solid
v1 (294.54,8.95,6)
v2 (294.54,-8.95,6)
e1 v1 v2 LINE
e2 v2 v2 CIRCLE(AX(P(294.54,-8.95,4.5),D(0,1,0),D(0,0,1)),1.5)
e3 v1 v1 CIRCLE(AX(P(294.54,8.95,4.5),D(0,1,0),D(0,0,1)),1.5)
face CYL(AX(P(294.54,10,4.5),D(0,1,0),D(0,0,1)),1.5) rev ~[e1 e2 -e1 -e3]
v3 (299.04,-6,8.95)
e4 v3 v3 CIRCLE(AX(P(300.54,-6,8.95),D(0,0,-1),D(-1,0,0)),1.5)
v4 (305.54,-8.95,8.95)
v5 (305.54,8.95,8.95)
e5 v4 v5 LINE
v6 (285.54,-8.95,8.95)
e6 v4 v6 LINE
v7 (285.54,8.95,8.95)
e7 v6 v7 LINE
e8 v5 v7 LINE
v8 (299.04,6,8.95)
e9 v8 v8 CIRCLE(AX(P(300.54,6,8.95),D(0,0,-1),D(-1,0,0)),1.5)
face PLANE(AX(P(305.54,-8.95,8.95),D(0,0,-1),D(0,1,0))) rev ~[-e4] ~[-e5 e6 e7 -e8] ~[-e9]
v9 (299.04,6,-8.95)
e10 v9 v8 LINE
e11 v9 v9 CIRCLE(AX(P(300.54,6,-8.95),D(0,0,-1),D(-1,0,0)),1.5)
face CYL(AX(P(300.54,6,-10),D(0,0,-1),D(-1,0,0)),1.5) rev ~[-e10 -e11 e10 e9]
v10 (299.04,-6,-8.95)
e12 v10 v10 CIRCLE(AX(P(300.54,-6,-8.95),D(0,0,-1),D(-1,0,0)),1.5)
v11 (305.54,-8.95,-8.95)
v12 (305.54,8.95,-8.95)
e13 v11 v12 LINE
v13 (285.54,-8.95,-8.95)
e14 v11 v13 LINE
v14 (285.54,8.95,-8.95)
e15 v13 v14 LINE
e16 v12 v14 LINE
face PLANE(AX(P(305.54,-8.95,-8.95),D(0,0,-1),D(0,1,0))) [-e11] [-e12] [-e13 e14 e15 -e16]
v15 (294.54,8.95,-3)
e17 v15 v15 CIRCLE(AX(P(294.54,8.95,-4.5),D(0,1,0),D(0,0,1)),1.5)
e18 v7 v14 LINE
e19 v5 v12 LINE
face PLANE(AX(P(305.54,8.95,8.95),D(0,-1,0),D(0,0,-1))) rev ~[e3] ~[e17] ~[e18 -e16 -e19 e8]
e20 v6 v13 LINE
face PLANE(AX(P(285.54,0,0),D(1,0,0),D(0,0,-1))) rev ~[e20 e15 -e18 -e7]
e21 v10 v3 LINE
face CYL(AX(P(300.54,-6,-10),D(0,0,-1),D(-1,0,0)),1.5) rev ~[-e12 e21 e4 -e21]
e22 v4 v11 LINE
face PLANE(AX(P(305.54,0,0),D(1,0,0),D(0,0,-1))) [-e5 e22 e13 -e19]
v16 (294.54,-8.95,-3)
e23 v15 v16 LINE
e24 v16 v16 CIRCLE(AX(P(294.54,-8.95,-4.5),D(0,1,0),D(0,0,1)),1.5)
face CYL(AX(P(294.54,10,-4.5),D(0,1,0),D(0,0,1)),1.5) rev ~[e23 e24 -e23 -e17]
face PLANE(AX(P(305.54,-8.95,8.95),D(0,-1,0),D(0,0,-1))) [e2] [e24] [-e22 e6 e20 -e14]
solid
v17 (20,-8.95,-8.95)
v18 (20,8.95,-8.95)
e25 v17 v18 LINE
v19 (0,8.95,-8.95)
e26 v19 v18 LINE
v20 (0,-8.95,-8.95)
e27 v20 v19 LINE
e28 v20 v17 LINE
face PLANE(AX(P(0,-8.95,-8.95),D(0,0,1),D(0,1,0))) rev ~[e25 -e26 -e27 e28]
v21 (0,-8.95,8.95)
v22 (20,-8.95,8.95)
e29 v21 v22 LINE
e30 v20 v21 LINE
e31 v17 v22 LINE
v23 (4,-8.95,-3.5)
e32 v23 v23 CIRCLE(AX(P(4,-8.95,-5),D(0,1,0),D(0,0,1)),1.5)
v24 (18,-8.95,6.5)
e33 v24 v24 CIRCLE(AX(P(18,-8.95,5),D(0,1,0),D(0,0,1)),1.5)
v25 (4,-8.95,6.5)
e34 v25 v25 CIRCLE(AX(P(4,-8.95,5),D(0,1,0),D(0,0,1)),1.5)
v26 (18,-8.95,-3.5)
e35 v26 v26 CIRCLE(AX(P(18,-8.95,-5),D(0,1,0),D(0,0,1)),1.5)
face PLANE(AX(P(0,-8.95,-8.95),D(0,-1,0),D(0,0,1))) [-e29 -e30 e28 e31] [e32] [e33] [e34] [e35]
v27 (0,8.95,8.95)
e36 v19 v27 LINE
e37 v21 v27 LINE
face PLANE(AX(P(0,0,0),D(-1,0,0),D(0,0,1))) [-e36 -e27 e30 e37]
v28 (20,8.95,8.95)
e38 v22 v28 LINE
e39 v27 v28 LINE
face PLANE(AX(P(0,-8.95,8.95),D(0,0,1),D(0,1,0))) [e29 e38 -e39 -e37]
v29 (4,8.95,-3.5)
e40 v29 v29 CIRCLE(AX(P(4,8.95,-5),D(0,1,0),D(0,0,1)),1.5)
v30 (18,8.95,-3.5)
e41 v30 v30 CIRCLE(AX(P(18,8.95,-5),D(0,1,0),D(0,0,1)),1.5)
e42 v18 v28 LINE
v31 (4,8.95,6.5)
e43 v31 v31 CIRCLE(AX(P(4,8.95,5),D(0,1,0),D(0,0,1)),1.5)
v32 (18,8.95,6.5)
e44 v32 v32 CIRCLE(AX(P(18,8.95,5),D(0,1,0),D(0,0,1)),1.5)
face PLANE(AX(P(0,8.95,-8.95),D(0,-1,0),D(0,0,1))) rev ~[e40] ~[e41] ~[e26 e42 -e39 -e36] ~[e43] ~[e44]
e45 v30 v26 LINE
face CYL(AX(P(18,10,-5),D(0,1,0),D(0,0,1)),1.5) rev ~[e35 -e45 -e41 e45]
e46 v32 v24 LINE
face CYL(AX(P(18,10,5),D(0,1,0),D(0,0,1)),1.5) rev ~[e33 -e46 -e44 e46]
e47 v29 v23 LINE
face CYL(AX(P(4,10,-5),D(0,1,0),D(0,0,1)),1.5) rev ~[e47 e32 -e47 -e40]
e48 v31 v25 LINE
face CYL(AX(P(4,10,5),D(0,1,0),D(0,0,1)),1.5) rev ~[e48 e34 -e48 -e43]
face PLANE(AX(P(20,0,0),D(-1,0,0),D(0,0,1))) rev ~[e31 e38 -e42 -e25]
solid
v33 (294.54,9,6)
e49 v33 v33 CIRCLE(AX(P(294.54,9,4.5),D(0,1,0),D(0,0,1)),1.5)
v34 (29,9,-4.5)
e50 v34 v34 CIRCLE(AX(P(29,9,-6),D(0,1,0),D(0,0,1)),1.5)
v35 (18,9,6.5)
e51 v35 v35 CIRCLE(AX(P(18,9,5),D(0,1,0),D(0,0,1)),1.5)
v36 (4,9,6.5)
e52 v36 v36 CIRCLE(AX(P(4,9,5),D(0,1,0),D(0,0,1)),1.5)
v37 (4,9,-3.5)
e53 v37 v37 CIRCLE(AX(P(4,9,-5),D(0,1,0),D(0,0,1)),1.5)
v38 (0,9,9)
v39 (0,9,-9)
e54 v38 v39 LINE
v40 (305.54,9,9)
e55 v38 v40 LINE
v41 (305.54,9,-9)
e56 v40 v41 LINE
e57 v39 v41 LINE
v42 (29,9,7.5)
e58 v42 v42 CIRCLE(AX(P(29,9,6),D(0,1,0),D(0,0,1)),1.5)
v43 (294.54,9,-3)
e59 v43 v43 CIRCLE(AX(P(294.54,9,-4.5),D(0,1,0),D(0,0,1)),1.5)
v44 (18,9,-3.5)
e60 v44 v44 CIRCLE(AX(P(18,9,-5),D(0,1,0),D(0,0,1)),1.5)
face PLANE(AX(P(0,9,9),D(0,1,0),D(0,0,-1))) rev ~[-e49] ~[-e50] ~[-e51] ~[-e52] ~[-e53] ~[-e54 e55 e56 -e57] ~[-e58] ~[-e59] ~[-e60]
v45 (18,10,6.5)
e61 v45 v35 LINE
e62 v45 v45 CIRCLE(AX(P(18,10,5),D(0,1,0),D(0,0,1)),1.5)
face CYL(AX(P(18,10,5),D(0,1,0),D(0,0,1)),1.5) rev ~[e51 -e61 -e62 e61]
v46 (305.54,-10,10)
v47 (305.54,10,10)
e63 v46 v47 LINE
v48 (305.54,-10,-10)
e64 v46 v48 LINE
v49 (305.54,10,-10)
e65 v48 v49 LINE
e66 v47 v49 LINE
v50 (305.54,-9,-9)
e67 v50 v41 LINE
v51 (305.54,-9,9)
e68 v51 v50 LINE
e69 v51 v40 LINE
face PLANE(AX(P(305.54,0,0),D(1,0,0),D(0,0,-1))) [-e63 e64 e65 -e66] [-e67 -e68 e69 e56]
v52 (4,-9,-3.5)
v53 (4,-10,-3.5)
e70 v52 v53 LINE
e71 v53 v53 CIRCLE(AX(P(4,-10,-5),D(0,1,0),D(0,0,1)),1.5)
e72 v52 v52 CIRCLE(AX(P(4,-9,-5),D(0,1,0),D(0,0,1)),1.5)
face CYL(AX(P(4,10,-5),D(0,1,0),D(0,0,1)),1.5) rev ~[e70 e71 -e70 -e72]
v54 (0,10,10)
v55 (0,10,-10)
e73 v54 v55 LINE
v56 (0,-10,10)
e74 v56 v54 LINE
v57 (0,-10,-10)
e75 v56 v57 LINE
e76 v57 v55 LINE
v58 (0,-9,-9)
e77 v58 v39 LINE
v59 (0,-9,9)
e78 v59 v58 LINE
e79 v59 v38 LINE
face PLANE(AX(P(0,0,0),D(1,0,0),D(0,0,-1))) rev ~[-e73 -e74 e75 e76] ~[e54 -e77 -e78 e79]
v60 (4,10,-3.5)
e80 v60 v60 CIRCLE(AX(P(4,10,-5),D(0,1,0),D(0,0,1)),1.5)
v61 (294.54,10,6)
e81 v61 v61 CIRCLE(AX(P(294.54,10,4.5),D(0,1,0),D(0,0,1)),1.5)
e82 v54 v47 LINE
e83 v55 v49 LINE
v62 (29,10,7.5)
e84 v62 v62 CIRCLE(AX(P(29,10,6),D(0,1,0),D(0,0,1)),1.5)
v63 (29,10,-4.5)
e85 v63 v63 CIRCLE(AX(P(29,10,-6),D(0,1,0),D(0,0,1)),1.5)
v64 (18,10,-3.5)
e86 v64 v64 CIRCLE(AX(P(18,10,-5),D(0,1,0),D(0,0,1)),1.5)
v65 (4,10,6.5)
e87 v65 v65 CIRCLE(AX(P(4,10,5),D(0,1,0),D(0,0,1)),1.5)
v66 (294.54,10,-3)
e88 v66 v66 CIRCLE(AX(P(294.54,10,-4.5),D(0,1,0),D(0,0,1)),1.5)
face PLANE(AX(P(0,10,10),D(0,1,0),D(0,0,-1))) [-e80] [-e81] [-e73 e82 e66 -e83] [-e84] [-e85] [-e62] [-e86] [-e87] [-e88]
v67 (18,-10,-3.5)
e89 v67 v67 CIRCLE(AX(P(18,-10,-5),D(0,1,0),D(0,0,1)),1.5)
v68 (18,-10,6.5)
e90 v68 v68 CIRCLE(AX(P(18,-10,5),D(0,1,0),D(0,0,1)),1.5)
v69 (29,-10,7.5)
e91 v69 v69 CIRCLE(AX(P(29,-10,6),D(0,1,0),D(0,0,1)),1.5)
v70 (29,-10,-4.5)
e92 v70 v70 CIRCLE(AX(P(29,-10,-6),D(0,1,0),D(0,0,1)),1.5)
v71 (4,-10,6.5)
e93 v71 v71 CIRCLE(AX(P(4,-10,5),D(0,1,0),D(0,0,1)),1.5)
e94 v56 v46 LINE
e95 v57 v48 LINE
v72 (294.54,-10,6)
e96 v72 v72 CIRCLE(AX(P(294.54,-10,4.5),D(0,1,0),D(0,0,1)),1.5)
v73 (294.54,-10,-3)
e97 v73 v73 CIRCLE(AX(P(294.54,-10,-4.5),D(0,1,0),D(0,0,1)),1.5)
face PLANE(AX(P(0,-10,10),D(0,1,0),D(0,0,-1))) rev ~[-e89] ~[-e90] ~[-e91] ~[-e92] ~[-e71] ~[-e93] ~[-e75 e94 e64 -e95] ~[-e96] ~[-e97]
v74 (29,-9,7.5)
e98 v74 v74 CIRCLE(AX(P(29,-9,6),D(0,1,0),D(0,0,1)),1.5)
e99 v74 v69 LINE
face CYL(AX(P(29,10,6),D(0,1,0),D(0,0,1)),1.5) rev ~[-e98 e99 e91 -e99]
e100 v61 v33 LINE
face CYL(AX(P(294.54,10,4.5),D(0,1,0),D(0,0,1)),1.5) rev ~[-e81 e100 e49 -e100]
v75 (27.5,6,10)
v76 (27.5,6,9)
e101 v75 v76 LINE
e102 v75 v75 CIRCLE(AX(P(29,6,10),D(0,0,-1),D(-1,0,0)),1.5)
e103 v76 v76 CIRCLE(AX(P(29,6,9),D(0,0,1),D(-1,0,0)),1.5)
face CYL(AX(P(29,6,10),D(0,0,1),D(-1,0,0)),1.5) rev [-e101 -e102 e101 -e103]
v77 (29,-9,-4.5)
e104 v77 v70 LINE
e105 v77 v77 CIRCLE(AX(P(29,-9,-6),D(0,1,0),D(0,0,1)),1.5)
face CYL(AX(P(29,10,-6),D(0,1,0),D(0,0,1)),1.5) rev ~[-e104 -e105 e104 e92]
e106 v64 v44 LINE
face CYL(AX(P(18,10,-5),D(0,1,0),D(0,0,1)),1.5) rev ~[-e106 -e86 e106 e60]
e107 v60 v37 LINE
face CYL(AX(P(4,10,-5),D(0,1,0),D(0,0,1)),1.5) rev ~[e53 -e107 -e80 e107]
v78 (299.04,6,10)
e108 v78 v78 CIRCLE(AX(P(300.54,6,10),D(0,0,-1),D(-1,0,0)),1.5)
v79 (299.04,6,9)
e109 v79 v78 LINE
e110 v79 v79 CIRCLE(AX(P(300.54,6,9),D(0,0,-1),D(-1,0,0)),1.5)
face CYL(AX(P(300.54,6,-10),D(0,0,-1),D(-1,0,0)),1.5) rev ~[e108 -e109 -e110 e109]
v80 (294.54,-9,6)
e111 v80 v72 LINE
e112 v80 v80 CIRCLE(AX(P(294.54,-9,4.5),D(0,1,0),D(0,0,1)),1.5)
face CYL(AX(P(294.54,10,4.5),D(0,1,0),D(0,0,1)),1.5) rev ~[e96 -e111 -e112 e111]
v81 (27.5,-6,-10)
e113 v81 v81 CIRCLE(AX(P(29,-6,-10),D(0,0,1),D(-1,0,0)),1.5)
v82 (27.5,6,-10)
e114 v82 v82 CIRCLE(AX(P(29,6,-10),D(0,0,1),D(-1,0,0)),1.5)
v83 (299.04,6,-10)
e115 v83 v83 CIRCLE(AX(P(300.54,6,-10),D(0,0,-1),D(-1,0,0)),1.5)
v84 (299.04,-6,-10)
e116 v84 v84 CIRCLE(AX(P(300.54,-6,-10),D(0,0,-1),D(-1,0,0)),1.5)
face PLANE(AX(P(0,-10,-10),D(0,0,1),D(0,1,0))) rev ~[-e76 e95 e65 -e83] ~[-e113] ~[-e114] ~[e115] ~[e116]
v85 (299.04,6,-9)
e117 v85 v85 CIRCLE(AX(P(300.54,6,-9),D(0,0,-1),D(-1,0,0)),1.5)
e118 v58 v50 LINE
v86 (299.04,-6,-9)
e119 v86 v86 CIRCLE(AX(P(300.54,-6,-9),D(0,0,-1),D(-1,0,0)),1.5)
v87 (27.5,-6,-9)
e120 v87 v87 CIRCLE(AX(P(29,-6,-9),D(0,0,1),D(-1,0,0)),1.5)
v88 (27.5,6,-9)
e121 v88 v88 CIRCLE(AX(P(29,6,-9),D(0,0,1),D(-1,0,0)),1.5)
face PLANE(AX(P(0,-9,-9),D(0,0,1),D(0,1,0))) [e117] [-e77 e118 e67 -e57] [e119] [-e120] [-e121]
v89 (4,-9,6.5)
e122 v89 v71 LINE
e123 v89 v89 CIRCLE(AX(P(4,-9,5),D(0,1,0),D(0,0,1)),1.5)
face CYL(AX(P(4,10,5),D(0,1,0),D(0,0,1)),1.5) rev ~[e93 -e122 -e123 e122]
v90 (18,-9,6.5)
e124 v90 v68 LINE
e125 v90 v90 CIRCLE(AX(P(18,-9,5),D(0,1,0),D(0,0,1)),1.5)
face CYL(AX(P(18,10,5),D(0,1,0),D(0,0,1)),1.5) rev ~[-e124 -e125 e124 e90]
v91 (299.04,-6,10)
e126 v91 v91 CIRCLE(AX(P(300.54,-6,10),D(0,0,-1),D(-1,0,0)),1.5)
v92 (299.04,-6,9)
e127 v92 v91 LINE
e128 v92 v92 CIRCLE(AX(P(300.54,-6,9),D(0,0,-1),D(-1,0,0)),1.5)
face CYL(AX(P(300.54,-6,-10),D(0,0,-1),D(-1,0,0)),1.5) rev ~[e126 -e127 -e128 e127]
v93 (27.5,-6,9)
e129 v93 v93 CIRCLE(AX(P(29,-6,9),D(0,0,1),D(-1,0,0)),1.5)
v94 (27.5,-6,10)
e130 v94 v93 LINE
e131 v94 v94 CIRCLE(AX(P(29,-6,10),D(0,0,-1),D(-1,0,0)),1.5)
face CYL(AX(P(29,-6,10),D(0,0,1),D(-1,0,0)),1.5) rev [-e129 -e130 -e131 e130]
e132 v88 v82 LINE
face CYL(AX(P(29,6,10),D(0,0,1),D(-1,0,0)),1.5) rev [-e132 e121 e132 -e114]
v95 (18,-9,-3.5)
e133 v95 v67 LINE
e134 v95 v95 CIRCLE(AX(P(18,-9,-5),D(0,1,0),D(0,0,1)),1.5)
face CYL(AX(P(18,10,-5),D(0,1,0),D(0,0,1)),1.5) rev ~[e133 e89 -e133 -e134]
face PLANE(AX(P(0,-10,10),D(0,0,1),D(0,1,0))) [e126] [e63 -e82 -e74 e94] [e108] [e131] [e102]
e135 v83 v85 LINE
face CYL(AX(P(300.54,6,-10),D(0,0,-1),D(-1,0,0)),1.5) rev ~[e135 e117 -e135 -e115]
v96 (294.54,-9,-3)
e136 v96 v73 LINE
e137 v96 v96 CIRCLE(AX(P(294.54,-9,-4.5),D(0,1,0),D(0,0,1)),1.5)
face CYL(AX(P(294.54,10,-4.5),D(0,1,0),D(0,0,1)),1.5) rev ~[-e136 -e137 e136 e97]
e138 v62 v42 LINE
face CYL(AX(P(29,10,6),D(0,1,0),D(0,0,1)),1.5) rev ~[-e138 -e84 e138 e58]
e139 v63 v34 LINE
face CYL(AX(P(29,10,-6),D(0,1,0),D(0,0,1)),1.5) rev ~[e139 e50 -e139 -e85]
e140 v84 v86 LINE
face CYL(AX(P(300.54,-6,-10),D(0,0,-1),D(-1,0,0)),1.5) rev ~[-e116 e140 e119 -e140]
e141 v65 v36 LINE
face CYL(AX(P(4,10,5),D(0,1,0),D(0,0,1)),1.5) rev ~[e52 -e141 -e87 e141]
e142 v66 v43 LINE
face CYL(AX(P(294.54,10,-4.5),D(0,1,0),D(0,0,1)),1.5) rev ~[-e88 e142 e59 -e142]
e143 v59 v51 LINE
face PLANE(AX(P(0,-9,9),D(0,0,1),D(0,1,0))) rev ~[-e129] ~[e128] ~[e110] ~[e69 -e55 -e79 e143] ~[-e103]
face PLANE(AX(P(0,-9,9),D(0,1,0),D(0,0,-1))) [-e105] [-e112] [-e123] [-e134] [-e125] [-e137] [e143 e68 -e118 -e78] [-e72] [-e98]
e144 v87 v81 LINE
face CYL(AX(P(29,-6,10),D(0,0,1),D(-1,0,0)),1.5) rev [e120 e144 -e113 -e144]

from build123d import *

# Parameters (mm, degrees)
SKETCH_11_W         = 20
SKETCH_11_H         = 20
SKETCH_11_W_2       = 18
SKETCH_11_H_2       = 18
F_20X20X1_1_DEPTH   = 305.54
SKETCH_12_W         = 17.9
SKETCH_12_H         = 17.9
EXTRUDE_1_DEPTH     = 20
SKETCH_13_W         = 17.9
SKETCH_13_H         = 17.9
EXTRUDE_2_DEPTH     = 20
SKETCH_14_R         = 1.5
CUT_EXTRUDE_1_DEPTH = 307.357130813
SKETCH_15_R         = 1.5
CUT_EXTRUDE_2_DEPTH = 307.357130813
SKETCH_16_R         = 1.5
CUT_EXTRUDE_3_DEPTH = 307.357130813
SKETCH_17_R         = 1.5
CUT_EXTRUDE_4_DEPTH = 307.357130813
SKETCH_18_R         = 1.5
CUT_EXTRUDE_5_DEPTH = 307.357130813


with BuildPart() as part:
    # 草图11 → 铝管 20X20X1(1) (new body)
    with BuildSketch(Plane(origin=(0, 0, 0), x_dir=(0, 0, -1), z_dir=(1, 0, 0))):
        Rectangle(SKETCH_11_W, SKETCH_11_H)
        Rectangle(SKETCH_11_W_2, SKETCH_11_H_2, mode=Mode.SUBTRACT)
    extrude(amount=F_20X20X1_1_DEPTH)


with BuildPart() as body_2:
    # 草图12 → 凸台-拉伸1 (new body)
    with BuildSketch(Plane(origin=(305.54, 0, 0), x_dir=(0, 0, -1), z_dir=(1, 0, 0))):
        Rectangle(SKETCH_12_W, SKETCH_12_H)
    extrude(amount=-EXTRUDE_1_DEPTH)


with BuildPart() as body_3:
    # 草图13 → 凸台-拉伸2 (new body)
    with BuildSketch(Plane.ZY):
        Rectangle(SKETCH_13_W, SKETCH_13_H)
    extrude(amount=-EXTRUDE_2_DEPTH)


with BuildPart() as cut_extrude_1_tool:
    # 草图14 → 切除-拉伸1 (new, through all)
    with BuildSketch(Plane(origin=(0, 10, 0), x_dir=(1, 0, 0), z_dir=(0, 1, 0))):
        with Locations(Location((294.54, 4.5, 0), (0, 0, 270))):
            Circle(SKETCH_14_R)
        with Locations(Location((294.54, -4.5, 0), (0, 0, 270))):
            Circle(SKETCH_14_R)
    extrude(amount=-CUT_EXTRUDE_1_DEPTH)


with BuildPart() as part_1:
    add(part.part)

    # 切除-拉伸1: cut by cut_extrude_1_tool
    add(cut_extrude_1_tool.part, mode=Mode.SUBTRACT)


with BuildPart() as body_2_1:
    add(body_2.part)

    # 切除-拉伸1: cut by cut_extrude_1_tool
    add(cut_extrude_1_tool.part, mode=Mode.SUBTRACT)


with BuildPart() as cut_extrude_2_tool:
    # 草图15 → 切除-拉伸2 (new, through all)
    with BuildSketch(Plane(origin=(0, 10, 0), x_dir=(1, 0, 0), z_dir=(0, 1, 0))):
        with Locations(Location((4, 5, 0), (0, 0, 270))):
            Circle(SKETCH_15_R)
        with Locations(Location((4, -5, 0), (0, 0, 270))):
            Circle(SKETCH_15_R)
        with Locations(Location((18, 5, 0), (0, 0, 270))):
            Circle(SKETCH_15_R)
        with Locations(Location((18, -5, 0), (0, 0, 270))):
            Circle(SKETCH_15_R)
    extrude(amount=-CUT_EXTRUDE_2_DEPTH)


with BuildPart() as part_2:
    add(part_1.part)

    # 切除-拉伸2: cut by cut_extrude_2_tool
    add(cut_extrude_2_tool.part, mode=Mode.SUBTRACT)

    # 草图16 → 切除-拉伸3 (cut, through all)
    with BuildSketch(Plane(origin=(0, 0, 10), x_dir=(1, 0, 0), z_dir=(0, 0, -1))):
        with Locations(Location((29, -6, 0), (0, 0, 180))):
            Circle(SKETCH_16_R)
        with Locations(Location((29, 6, 0), (0, 0, 180))):
            Circle(SKETCH_16_R)
    extrude(amount=CUT_EXTRUDE_3_DEPTH, mode=Mode.SUBTRACT)


with BuildPart() as body_3_1:
    add(body_3.part)

    # 切除-拉伸2: cut by cut_extrude_2_tool
    add(cut_extrude_2_tool.part, mode=Mode.SUBTRACT)


with BuildPart() as cut_extrude_4_tool:
    # 草图17 → 切除-拉伸4 (new, through all)
    with BuildSketch(Plane(origin=(0, 0, -10), x_dir=(-1, 0, 0), z_dir=(0, 0, -1))):
        with Locations((-300.54, 6)):
            Circle(SKETCH_17_R)
        with Locations((-300.54, -6)):
            Circle(SKETCH_17_R)
    extrude(amount=-CUT_EXTRUDE_4_DEPTH)


with BuildPart() as part_3:
    add(part_2.part)

    # 切除-拉伸4: cut by cut_extrude_4_tool
    add(cut_extrude_4_tool.part, mode=Mode.SUBTRACT)

    # 草图18 → 切除-拉伸5 (cut, through all)
    with BuildSketch(Plane(origin=(0, 10, 0), x_dir=(1, 0, 0), z_dir=(0, 1, 0))):
        with Locations(Location((29, 6, 0), (0, 0, 270))):
            Circle(SKETCH_18_R)
        with Locations(Location((29, -6, 0), (0, 0, 270))):
            Circle(SKETCH_18_R)
    extrude(amount=-CUT_EXTRUDE_5_DEPTH, mode=Mode.SUBTRACT)


with BuildPart() as body_2_2:
    add(body_2_1.part)

    # 切除-拉伸4: cut by cut_extrude_4_tool
    add(cut_extrude_4_tool.part, mode=Mode.SUBTRACT)


solid = Compound([body_3_1.part, part_3.part, body_2_2.part])
